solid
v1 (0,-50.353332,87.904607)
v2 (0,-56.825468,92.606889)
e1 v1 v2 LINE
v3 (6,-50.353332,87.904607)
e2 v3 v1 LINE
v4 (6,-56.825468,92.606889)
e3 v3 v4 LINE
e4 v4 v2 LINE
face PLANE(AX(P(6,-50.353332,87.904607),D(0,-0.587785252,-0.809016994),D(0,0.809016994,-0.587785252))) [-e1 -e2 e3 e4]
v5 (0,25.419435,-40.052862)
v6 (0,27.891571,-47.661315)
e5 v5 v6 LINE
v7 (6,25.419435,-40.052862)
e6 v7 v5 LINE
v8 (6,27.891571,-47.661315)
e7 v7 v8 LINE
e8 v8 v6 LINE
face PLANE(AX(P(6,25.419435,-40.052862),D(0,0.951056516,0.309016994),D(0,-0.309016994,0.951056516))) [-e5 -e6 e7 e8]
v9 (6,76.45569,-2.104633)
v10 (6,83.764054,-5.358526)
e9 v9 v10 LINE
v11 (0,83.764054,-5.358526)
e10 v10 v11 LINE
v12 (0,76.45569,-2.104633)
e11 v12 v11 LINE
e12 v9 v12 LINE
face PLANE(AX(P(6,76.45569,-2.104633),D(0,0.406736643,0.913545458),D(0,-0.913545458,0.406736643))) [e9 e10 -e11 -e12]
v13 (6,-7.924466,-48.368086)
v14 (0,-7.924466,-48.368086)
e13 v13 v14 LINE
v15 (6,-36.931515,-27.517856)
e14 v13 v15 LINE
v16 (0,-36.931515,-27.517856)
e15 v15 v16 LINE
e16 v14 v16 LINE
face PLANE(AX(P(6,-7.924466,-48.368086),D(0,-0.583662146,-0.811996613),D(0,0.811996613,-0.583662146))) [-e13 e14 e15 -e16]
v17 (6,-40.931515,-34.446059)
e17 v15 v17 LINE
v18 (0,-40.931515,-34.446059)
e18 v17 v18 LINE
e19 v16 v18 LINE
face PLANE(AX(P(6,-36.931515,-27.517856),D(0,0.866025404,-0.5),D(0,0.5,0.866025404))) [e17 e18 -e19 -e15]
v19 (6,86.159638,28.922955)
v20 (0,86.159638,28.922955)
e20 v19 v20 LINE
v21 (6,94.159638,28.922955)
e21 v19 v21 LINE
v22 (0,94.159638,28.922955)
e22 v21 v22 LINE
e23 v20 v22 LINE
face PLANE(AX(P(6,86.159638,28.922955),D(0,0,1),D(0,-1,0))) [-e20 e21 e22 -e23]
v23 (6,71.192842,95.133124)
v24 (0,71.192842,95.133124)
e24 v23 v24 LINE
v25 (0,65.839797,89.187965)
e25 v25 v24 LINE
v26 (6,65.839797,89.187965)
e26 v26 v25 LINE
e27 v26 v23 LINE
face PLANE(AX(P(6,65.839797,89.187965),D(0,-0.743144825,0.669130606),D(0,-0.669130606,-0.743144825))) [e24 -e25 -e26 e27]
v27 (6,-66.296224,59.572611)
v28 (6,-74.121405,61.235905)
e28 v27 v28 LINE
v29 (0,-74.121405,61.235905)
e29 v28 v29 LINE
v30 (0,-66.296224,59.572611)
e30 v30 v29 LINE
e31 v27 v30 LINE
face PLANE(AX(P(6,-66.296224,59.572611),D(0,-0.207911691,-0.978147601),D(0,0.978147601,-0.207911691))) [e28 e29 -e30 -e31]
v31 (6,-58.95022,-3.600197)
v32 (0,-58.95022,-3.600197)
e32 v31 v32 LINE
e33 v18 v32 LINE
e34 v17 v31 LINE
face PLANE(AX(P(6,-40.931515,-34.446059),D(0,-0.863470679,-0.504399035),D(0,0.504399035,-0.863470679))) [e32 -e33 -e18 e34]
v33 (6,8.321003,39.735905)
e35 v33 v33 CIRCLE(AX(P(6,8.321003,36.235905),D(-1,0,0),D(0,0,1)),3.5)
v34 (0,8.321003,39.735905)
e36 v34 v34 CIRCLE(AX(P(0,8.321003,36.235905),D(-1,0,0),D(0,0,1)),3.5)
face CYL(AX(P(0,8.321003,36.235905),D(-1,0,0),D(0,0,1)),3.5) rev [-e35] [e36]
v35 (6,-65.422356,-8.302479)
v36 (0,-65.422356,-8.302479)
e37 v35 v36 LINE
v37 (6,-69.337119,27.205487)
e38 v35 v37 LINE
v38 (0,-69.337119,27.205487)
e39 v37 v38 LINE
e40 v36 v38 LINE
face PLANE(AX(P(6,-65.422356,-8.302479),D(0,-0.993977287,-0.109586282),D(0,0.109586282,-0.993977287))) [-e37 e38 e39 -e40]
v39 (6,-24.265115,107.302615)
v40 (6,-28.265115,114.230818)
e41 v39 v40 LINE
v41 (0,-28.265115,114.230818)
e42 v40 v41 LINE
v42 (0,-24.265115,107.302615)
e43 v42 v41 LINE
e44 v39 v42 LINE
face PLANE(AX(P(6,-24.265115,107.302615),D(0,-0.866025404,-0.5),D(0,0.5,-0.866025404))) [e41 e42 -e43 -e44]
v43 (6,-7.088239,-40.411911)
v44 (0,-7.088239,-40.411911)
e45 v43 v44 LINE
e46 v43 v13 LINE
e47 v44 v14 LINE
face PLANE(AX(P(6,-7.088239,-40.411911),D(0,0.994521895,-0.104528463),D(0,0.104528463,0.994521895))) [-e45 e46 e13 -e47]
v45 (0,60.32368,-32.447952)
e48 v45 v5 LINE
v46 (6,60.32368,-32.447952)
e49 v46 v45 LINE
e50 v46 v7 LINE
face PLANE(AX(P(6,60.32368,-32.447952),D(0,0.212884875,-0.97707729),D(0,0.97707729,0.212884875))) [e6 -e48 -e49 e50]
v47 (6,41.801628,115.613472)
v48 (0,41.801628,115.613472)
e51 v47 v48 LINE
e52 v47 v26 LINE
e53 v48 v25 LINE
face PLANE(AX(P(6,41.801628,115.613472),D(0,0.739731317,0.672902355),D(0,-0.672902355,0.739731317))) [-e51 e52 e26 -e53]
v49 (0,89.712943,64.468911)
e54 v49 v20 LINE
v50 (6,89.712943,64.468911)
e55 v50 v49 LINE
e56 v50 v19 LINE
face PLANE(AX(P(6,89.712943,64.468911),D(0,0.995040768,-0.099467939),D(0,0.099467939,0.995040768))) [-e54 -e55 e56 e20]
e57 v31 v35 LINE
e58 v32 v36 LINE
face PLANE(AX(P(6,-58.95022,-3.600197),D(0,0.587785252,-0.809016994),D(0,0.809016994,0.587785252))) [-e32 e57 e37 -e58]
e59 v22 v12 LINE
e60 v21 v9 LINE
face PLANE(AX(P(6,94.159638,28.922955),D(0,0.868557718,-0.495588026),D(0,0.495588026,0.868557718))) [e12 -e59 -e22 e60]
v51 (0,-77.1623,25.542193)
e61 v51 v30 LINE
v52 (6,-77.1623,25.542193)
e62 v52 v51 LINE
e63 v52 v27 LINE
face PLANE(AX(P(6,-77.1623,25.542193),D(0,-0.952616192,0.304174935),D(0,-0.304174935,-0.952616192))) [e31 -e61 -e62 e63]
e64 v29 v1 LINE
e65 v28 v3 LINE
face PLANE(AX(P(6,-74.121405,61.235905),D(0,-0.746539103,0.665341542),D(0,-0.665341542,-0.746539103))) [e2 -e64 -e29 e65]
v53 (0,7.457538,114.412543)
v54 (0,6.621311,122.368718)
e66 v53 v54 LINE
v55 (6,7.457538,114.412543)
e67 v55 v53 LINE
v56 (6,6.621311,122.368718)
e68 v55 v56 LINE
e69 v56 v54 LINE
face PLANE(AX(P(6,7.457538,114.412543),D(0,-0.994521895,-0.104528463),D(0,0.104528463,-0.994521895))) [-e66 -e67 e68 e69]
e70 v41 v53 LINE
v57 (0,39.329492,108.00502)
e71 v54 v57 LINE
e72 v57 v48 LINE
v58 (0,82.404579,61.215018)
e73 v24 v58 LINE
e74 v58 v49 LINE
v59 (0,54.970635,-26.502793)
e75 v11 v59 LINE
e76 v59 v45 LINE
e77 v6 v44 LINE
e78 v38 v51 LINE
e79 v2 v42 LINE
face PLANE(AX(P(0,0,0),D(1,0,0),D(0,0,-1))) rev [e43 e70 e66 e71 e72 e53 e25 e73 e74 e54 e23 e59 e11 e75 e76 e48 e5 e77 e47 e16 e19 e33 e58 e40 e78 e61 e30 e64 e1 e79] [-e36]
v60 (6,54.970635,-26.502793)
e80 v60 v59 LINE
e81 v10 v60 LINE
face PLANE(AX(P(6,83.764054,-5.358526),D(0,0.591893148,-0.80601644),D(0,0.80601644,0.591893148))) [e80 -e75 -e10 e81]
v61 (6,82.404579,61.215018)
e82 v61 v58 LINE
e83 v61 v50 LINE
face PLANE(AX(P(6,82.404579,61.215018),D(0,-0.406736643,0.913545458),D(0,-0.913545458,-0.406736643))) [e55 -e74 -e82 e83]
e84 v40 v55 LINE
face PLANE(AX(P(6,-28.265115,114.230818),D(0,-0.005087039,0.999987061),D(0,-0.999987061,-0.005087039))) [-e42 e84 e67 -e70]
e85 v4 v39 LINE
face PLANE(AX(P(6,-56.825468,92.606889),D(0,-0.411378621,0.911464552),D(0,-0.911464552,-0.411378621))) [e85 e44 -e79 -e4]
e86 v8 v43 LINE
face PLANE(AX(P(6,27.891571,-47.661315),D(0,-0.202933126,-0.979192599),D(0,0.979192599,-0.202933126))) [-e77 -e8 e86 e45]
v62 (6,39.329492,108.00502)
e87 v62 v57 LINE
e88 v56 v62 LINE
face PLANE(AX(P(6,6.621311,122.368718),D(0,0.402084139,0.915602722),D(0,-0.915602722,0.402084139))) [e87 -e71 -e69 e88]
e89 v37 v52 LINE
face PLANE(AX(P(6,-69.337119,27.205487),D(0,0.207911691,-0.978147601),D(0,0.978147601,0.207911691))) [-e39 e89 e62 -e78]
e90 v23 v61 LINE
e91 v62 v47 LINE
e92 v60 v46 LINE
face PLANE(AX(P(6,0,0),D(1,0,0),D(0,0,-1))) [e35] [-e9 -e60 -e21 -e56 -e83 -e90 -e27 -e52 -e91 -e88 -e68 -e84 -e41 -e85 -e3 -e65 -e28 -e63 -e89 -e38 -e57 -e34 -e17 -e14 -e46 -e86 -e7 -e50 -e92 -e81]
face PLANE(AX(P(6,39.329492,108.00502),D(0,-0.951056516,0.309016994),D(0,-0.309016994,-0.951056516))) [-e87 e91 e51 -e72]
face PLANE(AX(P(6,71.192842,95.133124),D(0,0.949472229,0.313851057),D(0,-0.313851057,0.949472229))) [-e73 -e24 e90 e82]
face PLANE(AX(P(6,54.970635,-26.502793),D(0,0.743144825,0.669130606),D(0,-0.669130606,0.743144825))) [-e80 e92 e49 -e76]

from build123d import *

# Parameters (mm, degrees)
BOSS_EXTRUDE1_DEPTH         = 6
TAP_DRILL_FOR_M8X1_0_TAP2_D = 7


with BuildPart() as part:
    # Sketch1 → Boss-Extrude1 (new body)
    with BuildSketch(Plane(origin=(0, 0, 0), x_dir=(0, 0, -1), z_dir=(1, 0, 0))):
        Polygon((-28.922954929, 86.159638097), (-28.922954929, 94.159638097), (2.104632598, 76.455689895), (5.358525743, 83.764053556), (26.502792929, 54.9706353), (32.447951533, 60.323680151), (40.052862492, 25.419435438), (47.661314622, 27.891571393), (40.411911161, -7.088238772), (48.368086324, -7.924466478), (27.517856159, -36.931515135), (34.44605939, -40.931515135), (3.600196736, -58.95022005), (8.302478754, -65.422356005), (-27.20548651, -69.337119405), (-25.542192984, -77.162300211), (-59.572611085, -66.296223938), (-61.235904612, -74.121404744), (-87.904607103, -50.353332102), (-92.606889121, -56.825468057), (-107.302615065, -24.265114732), (-114.230818295, -28.265114732), (-114.412543169, 7.457538386), (-122.368718332, 6.62131068), (-108.005020253, 39.329492336), (-115.613472384, 41.801628291), (-89.187965242, 65.839796731), (-95.133123845, 71.192841582), (-61.215017893, 82.404579105), (-64.468911037, 89.712942766), align=None)
    extrude(amount=BOSS_EXTRUDE1_DEPTH)

    # Tap Drill for M8x1.0 Tap2 (through all)
    with Locations(Plane.ZY):
        with Locations((36.235904612, 8.321002744)):
            Hole(TAP_DRILL_FOR_M8X1_0_TAP2_D / 2)


solid = part.part
